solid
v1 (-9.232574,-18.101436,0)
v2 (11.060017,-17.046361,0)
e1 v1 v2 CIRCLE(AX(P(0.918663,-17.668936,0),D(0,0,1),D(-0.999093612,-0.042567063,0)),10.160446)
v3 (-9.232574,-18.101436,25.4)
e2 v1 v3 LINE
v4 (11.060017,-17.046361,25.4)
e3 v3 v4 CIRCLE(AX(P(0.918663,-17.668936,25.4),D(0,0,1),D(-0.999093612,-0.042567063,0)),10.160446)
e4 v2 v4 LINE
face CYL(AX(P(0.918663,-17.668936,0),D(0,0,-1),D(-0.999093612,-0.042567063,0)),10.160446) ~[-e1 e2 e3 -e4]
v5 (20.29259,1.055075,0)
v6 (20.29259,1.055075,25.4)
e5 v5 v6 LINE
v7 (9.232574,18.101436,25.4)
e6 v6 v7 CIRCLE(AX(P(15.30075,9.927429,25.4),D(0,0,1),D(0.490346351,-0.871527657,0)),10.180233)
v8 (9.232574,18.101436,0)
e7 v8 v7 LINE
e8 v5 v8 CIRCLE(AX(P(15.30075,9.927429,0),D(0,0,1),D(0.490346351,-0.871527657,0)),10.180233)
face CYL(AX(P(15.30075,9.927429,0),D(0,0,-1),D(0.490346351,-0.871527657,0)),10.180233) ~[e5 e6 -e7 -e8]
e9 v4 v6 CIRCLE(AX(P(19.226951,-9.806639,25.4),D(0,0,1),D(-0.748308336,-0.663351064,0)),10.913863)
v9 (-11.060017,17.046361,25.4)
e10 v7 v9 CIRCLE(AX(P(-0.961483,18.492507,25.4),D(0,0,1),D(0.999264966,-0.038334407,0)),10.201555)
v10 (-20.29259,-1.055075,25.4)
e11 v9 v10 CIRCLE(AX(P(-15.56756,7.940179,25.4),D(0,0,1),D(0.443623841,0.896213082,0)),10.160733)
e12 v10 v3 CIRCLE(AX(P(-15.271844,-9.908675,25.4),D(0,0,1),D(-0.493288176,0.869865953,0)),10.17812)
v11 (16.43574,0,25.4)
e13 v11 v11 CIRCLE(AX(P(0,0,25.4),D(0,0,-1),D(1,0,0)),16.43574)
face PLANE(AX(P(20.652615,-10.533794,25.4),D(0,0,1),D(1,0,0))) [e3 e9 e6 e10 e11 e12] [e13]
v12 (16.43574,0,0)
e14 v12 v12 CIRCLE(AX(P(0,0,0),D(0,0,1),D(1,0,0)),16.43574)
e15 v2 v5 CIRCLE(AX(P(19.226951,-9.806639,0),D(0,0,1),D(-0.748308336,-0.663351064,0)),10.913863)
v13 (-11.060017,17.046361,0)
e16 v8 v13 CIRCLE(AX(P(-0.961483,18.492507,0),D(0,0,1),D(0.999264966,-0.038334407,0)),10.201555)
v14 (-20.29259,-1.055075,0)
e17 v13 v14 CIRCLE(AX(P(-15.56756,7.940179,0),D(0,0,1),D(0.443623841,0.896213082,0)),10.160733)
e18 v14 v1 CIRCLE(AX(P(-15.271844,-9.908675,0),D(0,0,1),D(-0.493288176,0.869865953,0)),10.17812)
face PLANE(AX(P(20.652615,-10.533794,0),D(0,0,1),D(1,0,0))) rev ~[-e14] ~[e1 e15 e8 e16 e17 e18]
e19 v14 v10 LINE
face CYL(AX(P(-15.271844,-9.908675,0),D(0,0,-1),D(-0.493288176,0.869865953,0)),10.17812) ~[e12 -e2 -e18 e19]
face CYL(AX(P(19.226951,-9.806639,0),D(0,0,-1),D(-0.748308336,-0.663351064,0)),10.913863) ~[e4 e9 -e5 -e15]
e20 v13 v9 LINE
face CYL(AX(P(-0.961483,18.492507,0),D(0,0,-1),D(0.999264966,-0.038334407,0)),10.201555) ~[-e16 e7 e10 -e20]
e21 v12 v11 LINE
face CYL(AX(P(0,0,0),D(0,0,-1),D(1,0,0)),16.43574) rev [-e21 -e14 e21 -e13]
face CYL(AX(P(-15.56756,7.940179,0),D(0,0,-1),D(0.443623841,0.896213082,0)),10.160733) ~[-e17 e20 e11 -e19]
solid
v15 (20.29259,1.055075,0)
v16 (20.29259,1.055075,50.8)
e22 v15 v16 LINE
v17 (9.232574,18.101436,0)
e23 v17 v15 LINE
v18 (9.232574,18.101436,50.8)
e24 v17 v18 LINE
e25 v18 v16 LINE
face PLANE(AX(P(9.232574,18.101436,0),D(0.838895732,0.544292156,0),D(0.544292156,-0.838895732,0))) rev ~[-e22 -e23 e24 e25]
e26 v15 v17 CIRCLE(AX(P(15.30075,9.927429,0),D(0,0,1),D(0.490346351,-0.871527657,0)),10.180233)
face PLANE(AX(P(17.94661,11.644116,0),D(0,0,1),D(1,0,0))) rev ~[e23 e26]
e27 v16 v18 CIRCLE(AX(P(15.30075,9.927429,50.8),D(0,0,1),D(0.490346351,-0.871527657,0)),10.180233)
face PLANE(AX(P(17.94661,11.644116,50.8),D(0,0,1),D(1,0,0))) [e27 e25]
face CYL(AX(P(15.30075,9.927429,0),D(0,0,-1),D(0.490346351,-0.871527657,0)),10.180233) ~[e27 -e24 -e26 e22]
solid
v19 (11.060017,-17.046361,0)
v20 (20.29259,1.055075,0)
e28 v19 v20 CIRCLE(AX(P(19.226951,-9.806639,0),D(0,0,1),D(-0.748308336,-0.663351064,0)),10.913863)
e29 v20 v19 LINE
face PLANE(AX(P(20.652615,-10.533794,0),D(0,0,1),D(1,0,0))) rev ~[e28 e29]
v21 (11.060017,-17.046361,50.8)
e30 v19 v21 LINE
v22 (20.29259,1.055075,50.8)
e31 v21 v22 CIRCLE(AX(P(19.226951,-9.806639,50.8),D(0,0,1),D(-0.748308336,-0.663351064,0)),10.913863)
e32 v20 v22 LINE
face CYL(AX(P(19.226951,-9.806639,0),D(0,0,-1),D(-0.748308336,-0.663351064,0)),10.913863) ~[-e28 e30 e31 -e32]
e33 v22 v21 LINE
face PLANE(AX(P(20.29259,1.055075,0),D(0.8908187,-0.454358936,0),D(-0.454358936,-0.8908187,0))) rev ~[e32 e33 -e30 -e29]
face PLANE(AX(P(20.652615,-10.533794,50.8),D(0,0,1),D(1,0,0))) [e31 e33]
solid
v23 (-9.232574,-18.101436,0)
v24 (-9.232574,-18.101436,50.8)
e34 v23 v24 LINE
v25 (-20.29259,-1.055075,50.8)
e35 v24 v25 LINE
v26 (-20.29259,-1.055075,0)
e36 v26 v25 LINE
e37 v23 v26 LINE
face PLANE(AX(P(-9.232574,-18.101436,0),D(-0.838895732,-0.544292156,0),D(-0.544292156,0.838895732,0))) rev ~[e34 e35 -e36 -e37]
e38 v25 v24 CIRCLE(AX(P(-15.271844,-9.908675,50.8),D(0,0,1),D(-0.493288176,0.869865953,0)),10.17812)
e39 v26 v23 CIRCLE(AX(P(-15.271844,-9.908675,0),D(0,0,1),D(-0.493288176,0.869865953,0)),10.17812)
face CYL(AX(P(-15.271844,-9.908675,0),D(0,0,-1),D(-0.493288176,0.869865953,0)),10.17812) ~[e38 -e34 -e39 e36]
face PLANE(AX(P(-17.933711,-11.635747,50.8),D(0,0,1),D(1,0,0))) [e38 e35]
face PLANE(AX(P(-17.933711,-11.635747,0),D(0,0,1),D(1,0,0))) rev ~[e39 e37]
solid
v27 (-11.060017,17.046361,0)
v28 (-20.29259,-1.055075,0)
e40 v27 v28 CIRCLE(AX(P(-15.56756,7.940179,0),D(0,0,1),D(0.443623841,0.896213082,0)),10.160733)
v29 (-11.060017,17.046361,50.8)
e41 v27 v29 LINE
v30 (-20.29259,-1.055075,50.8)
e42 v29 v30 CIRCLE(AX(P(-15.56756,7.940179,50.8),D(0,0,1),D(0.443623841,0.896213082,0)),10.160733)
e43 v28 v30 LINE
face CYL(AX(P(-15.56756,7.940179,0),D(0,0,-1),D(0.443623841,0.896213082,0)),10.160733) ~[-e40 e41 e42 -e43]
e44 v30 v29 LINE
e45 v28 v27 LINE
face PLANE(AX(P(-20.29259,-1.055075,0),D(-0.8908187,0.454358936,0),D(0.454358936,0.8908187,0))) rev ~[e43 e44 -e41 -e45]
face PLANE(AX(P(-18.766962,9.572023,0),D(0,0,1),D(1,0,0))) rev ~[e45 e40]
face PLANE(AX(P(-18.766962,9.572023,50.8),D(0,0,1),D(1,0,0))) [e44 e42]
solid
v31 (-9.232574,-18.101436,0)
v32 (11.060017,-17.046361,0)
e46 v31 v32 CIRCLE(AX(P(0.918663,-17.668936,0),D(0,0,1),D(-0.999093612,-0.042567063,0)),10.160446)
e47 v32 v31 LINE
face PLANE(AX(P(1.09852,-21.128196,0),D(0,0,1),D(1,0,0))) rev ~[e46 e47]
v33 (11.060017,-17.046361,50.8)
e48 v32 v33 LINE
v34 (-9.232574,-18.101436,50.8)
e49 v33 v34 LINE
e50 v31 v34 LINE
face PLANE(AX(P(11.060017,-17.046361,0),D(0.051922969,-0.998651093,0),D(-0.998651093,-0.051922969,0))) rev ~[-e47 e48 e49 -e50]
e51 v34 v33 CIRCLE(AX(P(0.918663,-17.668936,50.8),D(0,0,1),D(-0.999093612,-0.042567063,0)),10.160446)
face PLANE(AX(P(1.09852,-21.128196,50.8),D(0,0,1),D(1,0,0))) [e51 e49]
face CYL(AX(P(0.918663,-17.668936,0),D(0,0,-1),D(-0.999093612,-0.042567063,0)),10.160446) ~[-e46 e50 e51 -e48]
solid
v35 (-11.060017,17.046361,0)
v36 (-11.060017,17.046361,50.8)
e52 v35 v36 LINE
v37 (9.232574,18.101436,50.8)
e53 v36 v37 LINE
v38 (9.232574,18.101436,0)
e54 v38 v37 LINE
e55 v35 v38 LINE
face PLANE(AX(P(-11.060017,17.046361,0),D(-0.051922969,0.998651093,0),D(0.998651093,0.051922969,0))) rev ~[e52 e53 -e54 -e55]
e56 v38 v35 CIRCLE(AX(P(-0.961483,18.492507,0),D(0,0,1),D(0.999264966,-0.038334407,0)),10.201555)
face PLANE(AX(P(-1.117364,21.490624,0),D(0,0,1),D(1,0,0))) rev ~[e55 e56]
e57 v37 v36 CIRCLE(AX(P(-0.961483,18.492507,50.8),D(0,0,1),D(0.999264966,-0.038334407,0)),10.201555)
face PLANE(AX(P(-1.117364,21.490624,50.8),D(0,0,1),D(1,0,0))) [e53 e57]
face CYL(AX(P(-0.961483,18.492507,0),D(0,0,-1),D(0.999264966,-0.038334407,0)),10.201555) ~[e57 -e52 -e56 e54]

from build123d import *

# Parameters (mm, degrees)
F1_DEPTH = 50.8
F2_DEPTH = 25.4
F3_R     = 16.4357396554
F4_DEPTH = 50.8


with BuildPart() as f1:
    # F0 (on Top) → F1 (new body)
    with BuildSketch(Plane.XY):
        with BuildLine():
            Line((-11.0600166182, 17.0463612659), (9.2325735892, 18.1014359905))
            ThreePointArc((9.2325735892, 18.1014359905), (-1.4911778045, 28.6803004619), (-11.0600166182, 17.0463612659))
        make_face()
    extrude(amount=F1_DEPTH)


with BuildPart() as f1b:
    # F0 (on Top) → F1, piece 2 (new body)
    with BuildSketch(Plane.XY):
        with BuildLine():
            Line((-20.2925902074, -1.0550747247), (-11.0600166182, 17.0463612659))
            ThreePointArc((-11.0600166182, 17.0463612659), (-24.6189313982, 12.5567991369), (-20.2925902074, -1.0550747247))
        make_face()
    extrude(amount=F1_DEPTH)


with BuildPart() as f1c:
    # F0 (on Top) → F1, piece 3 (new body)
    with BuildSketch(Plane.XY):
        with BuildLine():
            ThreePointArc((-20.2925902074, -1.0550747247), (-23.8102253538, -15.4485455276), (-9.2325735892, -18.1014359905))
            Line((-9.2325735892, -18.1014359905), (-20.2925902074, -1.0550747247))
        make_face()
    extrude(amount=F1_DEPTH)


with BuildPart() as f1d:
    # F0 (on Top) → F1, piece 4 (new body)
    with BuildSketch(Plane.XY):
        with BuildLine():
            ThreePointArc((-9.2325735892, -18.1014359905), (1.4462232878, -27.8156758392), (11.0600166182, -17.0463612659))
            Line((11.0600166182, -17.0463612659), (-9.2325735892, -18.1014359905))
        make_face()
    extrude(amount=F1_DEPTH)


with BuildPart() as f1e:
    # F0 (on Top) → F1, piece 5 (new body)
    with BuildSketch(Plane.XY):
        with BuildLine():
            ThreePointArc((11.0600166182, -17.0463612659), (28.9492244374, -14.76544983), (20.2925902074, 1.0550747247))
            Line((20.2925902074, 1.0550747247), (11.0600166182, -17.0463612659))
        make_face()
    extrude(amount=F1_DEPTH)


with BuildPart() as f1f:
    # F0 (on Top) → F1, piece 6 (new body)
    with BuildSketch(Plane.XY):
        with BuildLine():
            Line((9.2325735892, 18.1014359905), (20.2925902074, 1.0550747247))
            ThreePointArc((20.2925902074, 1.0550747247), (23.8409041786, 15.4684505564), (9.2325735892, 18.1014359905))
        make_face()
    extrude(amount=F1_DEPTH)


with BuildPart() as f2:
    # F0 (on Top) → F2 (new body)
    with BuildSketch(Plane.XY):
        with BuildLine():
            ThreePointArc((11.0600166182, -17.0463612659), (28.9492244374, -14.76544983), (20.2925902074, 1.0550747247))
            Line((20.2925902074, 1.0550747247), (11.0600166182, -17.0463612659))
        make_face()
        Polygon((11.0600166182, -17.0463612659), (20.2925902074, 1.0550747247), (9.2325735892, 18.1014359905), (-11.0600166182, 17.0463612659), (-20.2925902074, -1.0550747247), (-9.2325735892, -18.1014359905), align=None)
        with BuildLine():
            Line((9.2325735892, 18.1014359905), (20.2925902074, 1.0550747247))
            ThreePointArc((20.2925902074, 1.0550747247), (23.8409041786, 15.4684505564), (9.2325735892, 18.1014359905))
        make_face()
        with BuildLine():
            ThreePointArc((-9.2325735892, -18.1014359905), (1.4462232878, -27.8156758392), (11.0600166182, -17.0463612659))
            Line((11.0600166182, -17.0463612659), (-9.2325735892, -18.1014359905))
        make_face()
        with BuildLine():
            Line((-11.0600166182, 17.0463612659), (9.2325735892, 18.1014359905))
            ThreePointArc((9.2325735892, 18.1014359905), (-1.4911778045, 28.6803004619), (-11.0600166182, 17.0463612659))
        make_face()
        with BuildLine():
            ThreePointArc((-20.2925902074, -1.0550747247), (-23.8102253538, -15.4485455276), (-9.2325735892, -18.1014359905))
            Line((-9.2325735892, -18.1014359905), (-20.2925902074, -1.0550747247))
        make_face()
        with BuildLine():
            Line((-20.2925902074, -1.0550747247), (-11.0600166182, 17.0463612659))
            ThreePointArc((-11.0600166182, 17.0463612659), (-24.6189313982, 12.5567991369), (-20.2925902074, -1.0550747247))
        make_face()
    extrude(amount=F2_DEPTH)

    # F3 (on Top) → F4 (cut)
    with BuildSketch(Plane.XY):
        Circle(F3_R)
    extrude(amount=F4_DEPTH, mode=Mode.SUBTRACT)


solid = Compound([f1.part, f1b.part, f1c.part, f1d.part, f1e.part, f1f.part, f2.part])
